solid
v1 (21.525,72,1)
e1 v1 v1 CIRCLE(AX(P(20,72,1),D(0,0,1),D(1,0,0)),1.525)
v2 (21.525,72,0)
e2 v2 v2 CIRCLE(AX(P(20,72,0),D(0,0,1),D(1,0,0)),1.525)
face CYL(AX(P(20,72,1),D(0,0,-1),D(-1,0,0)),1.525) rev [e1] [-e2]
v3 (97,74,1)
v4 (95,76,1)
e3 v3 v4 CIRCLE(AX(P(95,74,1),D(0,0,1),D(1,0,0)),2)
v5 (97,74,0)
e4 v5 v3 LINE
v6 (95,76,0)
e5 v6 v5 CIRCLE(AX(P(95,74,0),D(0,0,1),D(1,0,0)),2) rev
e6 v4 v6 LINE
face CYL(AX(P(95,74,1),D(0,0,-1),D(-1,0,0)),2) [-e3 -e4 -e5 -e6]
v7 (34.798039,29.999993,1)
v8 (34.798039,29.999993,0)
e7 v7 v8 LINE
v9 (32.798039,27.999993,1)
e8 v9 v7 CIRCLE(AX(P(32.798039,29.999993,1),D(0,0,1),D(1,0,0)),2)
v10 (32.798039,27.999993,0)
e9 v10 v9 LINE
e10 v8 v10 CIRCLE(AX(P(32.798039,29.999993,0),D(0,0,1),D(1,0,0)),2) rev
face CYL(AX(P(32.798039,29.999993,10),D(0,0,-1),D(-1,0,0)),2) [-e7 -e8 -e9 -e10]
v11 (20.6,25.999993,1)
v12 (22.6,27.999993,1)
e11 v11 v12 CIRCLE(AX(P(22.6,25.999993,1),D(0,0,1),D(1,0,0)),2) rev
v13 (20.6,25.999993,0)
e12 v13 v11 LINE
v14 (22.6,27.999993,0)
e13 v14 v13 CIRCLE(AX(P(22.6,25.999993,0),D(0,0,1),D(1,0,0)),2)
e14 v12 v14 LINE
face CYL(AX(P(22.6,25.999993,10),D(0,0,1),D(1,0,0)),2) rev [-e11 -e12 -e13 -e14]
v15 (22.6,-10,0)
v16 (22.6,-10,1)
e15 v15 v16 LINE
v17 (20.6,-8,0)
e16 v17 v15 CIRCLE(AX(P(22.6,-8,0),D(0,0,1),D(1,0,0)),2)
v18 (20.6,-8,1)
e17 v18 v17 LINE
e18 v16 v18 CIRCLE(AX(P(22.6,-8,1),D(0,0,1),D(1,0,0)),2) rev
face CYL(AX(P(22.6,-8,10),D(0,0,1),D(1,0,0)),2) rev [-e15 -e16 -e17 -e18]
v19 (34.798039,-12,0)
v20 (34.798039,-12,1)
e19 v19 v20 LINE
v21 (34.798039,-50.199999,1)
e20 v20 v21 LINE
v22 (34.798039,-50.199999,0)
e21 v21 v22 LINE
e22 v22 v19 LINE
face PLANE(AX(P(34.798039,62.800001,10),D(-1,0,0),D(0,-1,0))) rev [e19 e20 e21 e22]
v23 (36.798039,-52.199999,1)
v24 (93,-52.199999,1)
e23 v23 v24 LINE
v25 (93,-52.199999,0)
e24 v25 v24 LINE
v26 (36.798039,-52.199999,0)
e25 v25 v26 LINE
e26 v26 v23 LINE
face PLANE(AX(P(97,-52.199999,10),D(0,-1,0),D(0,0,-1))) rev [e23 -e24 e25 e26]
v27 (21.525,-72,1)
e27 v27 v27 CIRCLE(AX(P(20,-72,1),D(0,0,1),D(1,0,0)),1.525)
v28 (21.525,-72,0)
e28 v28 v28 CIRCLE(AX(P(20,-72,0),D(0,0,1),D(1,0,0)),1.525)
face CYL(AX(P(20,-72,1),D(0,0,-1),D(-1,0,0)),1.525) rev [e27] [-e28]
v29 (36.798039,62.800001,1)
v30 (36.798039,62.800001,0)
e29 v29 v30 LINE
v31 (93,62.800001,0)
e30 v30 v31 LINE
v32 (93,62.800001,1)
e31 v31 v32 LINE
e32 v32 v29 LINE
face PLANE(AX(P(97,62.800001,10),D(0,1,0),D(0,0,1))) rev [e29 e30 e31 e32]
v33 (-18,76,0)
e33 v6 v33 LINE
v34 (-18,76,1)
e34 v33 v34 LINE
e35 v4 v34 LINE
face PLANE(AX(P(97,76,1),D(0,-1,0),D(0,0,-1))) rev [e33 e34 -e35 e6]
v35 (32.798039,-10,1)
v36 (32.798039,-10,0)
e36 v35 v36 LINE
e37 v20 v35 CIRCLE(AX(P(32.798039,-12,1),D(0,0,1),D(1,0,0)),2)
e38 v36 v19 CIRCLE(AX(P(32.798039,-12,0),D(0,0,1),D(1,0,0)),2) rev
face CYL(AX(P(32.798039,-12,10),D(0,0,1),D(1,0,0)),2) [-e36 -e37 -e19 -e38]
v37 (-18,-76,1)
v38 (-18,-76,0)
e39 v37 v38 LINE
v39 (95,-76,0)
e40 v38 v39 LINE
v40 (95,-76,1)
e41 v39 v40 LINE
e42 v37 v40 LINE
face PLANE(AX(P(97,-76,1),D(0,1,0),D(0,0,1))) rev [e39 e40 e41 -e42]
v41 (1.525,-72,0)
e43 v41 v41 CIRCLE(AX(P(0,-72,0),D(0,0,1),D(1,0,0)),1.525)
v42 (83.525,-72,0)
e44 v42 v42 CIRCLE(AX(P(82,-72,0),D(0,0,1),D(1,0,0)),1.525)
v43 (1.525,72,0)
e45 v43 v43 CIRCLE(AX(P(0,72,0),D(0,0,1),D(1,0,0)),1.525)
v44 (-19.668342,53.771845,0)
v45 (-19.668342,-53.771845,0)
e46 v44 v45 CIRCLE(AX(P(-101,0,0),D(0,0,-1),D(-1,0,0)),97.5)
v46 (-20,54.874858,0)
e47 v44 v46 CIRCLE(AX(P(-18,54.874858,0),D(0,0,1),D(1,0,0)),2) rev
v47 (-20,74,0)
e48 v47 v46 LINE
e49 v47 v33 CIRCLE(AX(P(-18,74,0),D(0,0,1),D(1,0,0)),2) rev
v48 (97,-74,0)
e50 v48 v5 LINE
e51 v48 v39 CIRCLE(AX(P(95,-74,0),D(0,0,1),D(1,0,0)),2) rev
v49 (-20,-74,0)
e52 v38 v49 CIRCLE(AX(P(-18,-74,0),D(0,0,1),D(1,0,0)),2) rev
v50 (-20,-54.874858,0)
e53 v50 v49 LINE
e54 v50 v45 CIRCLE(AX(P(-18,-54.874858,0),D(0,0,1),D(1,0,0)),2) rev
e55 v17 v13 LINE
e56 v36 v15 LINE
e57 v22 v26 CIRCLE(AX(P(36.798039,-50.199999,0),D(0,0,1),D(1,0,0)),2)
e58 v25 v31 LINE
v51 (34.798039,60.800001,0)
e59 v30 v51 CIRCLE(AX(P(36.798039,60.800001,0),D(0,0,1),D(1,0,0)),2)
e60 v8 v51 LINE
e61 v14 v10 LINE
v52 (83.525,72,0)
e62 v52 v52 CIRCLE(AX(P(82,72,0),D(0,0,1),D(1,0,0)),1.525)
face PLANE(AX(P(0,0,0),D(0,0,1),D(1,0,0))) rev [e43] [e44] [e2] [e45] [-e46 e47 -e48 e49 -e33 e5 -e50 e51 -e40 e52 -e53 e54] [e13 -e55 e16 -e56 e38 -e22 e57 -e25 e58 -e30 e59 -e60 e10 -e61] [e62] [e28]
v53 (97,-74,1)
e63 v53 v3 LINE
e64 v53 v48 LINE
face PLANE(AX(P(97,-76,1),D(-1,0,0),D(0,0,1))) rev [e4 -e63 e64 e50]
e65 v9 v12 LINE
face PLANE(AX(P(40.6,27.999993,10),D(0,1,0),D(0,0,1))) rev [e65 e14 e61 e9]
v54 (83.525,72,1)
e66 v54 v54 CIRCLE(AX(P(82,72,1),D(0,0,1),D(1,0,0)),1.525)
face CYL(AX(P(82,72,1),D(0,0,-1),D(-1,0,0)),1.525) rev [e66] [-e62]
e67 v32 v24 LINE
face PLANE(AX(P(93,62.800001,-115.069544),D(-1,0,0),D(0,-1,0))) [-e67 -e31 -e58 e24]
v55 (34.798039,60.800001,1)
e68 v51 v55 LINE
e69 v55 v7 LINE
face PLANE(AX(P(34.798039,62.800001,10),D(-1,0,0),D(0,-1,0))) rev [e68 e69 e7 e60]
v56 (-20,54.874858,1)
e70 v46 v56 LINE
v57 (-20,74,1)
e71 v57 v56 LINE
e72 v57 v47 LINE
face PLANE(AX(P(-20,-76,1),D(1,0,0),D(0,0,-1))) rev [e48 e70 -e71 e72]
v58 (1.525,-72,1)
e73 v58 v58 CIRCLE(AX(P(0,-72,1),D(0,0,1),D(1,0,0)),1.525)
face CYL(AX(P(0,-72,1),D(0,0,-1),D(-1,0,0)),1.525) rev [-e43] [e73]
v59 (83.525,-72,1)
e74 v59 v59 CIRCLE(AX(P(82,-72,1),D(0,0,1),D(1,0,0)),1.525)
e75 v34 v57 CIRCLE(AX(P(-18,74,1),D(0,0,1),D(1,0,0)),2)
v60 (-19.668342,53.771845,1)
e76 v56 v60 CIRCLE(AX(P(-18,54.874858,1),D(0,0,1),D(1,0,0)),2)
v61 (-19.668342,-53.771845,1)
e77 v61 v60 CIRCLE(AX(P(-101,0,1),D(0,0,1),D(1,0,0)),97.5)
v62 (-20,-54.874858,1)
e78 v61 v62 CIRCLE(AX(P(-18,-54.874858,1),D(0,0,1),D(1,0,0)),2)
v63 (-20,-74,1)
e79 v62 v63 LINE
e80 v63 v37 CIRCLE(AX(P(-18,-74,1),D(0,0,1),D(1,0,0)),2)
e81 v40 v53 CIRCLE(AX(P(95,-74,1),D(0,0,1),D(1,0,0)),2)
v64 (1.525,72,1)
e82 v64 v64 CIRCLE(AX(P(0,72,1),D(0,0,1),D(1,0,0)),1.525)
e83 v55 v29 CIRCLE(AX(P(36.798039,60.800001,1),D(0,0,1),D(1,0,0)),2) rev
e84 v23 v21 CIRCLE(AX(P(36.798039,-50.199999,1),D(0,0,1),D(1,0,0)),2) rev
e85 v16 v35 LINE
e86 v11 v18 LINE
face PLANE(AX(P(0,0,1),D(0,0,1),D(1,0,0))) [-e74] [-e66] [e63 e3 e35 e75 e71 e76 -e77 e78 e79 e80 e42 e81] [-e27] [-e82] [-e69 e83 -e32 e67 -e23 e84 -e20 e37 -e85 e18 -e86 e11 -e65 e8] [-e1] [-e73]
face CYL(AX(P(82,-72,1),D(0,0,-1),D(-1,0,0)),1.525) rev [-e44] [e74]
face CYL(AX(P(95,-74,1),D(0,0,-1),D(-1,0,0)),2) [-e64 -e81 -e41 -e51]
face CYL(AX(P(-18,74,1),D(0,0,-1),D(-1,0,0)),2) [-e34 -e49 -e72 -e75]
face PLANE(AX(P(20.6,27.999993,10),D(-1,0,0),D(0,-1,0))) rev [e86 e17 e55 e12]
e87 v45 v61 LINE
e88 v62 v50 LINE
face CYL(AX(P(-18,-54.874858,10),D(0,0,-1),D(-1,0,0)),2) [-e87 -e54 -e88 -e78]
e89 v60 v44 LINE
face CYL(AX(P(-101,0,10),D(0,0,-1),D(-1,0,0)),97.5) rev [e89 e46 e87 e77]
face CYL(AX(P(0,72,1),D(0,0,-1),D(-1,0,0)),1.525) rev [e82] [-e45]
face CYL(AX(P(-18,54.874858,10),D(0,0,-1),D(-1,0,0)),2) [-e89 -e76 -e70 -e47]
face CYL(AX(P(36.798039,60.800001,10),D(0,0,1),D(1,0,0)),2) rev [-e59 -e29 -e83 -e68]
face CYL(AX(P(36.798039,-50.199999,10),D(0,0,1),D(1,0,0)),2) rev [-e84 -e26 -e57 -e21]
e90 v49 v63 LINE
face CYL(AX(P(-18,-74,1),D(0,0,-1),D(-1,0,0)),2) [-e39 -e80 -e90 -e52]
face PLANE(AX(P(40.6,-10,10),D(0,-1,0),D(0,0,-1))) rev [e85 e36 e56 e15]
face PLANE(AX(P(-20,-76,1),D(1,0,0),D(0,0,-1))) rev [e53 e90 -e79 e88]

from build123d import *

# Parameters (mm, degrees)
SKETCH_1_W          = 117
SKETCH_1_H          = 152
SKETCH_1_R          = 1.525
EXTRUDE_1_DEPTH     = 1
SKETCH_2_R          = 97.5
SKETCH_2_W          = 62.201961009
SKETCH_2_H          = 115
CUT_EXTRUDE_1_DEPTH = 10
SKETCH_3_W          = 20
SKETCH_3_H          = 37.999993186
CUT_EXTRUDE_2_DEPTH = 10
FILLET_1_R          = 2
SKETCH_6_W          = 4
SKETCH_6_H          = 115
EXTRUDE_2_DEPTH     = 1


with BuildPart() as part:
    # 草图1 → 凸台-拉伸1 (new body)
    with BuildSketch(Plane.XY):
        with Locations((38.5, 0)):
            Rectangle(SKETCH_1_W, SKETCH_1_H)
        with Locations((0, 72)):
            Circle(SKETCH_1_R, mode=Mode.SUBTRACT)
        with Locations((0, -72)):
            Circle(SKETCH_1_R, mode=Mode.SUBTRACT)
        with Locations((20, 72)):
            Circle(SKETCH_1_R, mode=Mode.SUBTRACT)
        with Locations((82, 72)):
            Circle(SKETCH_1_R, mode=Mode.SUBTRACT)
        with Locations((82, -72)):
            Circle(SKETCH_1_R, mode=Mode.SUBTRACT)
        with Locations((20, -72)):
            Circle(SKETCH_1_R, mode=Mode.SUBTRACT)
    extrude(amount=EXTRUDE_1_DEPTH)

    # 草图2 → 切除-拉伸1 (cut)
    with BuildSketch(Plane(origin=(0, 0, 0), x_dir=(-1, 0, 0), z_dir=(0, 0, -1))):
        with Locations((101, 0)):
            Circle(SKETCH_2_R)
        with Locations((-65.899019495, 5.300000572)):
            Rectangle(SKETCH_2_W, SKETCH_2_H)
    extrude(amount=-CUT_EXTRUDE_1_DEPTH, mode=Mode.SUBTRACT)

    # 草图3 → 切除-拉伸2 (cut)
    with BuildSketch(Plane(origin=(0, 0, 0), x_dir=(-1, 0, 0), z_dir=(0, 0, -1))):
        with Locations((-30.6, 8.999996593)):
            Rectangle(SKETCH_3_W, SKETCH_3_H)
    extrude(amount=-CUT_EXTRUDE_2_DEPTH, mode=Mode.SUBTRACT)

    # 圆角1
    fillet_1_edges = [part.edges().sort_by_distance(p)[0] for p in [
        (-20, 54.270157545, 0.5),
        (-20, -54.270157545, 0.5),
        (34.798038991, 62.800000572, 0.5),
        (34.798038991, -52.199999428, 0.5),
        (34.798038991, -10, 0.5),
        (34.798038991, 27.999993186, 0.5),
        (20.6, 27.999993186, 0.5),
        (20.6, -10, 0.5),
        (-20, 76, 0.5),
        (97, 76, 0.5),
        (97, -76, 0.5),
        (-20, -76, 0.5),
    ]]
    fillet(fillet_1_edges, radius=FILLET_1_R)

    # 草图6 → 凸台-拉伸2 (add)
    with BuildSketch(Plane.XY.offset(1)):
        with Locations((95, 5.300000572)):
            Rectangle(SKETCH_6_W, SKETCH_6_H)
    extrude(amount=-EXTRUDE_2_DEPTH)


solid = part.part
